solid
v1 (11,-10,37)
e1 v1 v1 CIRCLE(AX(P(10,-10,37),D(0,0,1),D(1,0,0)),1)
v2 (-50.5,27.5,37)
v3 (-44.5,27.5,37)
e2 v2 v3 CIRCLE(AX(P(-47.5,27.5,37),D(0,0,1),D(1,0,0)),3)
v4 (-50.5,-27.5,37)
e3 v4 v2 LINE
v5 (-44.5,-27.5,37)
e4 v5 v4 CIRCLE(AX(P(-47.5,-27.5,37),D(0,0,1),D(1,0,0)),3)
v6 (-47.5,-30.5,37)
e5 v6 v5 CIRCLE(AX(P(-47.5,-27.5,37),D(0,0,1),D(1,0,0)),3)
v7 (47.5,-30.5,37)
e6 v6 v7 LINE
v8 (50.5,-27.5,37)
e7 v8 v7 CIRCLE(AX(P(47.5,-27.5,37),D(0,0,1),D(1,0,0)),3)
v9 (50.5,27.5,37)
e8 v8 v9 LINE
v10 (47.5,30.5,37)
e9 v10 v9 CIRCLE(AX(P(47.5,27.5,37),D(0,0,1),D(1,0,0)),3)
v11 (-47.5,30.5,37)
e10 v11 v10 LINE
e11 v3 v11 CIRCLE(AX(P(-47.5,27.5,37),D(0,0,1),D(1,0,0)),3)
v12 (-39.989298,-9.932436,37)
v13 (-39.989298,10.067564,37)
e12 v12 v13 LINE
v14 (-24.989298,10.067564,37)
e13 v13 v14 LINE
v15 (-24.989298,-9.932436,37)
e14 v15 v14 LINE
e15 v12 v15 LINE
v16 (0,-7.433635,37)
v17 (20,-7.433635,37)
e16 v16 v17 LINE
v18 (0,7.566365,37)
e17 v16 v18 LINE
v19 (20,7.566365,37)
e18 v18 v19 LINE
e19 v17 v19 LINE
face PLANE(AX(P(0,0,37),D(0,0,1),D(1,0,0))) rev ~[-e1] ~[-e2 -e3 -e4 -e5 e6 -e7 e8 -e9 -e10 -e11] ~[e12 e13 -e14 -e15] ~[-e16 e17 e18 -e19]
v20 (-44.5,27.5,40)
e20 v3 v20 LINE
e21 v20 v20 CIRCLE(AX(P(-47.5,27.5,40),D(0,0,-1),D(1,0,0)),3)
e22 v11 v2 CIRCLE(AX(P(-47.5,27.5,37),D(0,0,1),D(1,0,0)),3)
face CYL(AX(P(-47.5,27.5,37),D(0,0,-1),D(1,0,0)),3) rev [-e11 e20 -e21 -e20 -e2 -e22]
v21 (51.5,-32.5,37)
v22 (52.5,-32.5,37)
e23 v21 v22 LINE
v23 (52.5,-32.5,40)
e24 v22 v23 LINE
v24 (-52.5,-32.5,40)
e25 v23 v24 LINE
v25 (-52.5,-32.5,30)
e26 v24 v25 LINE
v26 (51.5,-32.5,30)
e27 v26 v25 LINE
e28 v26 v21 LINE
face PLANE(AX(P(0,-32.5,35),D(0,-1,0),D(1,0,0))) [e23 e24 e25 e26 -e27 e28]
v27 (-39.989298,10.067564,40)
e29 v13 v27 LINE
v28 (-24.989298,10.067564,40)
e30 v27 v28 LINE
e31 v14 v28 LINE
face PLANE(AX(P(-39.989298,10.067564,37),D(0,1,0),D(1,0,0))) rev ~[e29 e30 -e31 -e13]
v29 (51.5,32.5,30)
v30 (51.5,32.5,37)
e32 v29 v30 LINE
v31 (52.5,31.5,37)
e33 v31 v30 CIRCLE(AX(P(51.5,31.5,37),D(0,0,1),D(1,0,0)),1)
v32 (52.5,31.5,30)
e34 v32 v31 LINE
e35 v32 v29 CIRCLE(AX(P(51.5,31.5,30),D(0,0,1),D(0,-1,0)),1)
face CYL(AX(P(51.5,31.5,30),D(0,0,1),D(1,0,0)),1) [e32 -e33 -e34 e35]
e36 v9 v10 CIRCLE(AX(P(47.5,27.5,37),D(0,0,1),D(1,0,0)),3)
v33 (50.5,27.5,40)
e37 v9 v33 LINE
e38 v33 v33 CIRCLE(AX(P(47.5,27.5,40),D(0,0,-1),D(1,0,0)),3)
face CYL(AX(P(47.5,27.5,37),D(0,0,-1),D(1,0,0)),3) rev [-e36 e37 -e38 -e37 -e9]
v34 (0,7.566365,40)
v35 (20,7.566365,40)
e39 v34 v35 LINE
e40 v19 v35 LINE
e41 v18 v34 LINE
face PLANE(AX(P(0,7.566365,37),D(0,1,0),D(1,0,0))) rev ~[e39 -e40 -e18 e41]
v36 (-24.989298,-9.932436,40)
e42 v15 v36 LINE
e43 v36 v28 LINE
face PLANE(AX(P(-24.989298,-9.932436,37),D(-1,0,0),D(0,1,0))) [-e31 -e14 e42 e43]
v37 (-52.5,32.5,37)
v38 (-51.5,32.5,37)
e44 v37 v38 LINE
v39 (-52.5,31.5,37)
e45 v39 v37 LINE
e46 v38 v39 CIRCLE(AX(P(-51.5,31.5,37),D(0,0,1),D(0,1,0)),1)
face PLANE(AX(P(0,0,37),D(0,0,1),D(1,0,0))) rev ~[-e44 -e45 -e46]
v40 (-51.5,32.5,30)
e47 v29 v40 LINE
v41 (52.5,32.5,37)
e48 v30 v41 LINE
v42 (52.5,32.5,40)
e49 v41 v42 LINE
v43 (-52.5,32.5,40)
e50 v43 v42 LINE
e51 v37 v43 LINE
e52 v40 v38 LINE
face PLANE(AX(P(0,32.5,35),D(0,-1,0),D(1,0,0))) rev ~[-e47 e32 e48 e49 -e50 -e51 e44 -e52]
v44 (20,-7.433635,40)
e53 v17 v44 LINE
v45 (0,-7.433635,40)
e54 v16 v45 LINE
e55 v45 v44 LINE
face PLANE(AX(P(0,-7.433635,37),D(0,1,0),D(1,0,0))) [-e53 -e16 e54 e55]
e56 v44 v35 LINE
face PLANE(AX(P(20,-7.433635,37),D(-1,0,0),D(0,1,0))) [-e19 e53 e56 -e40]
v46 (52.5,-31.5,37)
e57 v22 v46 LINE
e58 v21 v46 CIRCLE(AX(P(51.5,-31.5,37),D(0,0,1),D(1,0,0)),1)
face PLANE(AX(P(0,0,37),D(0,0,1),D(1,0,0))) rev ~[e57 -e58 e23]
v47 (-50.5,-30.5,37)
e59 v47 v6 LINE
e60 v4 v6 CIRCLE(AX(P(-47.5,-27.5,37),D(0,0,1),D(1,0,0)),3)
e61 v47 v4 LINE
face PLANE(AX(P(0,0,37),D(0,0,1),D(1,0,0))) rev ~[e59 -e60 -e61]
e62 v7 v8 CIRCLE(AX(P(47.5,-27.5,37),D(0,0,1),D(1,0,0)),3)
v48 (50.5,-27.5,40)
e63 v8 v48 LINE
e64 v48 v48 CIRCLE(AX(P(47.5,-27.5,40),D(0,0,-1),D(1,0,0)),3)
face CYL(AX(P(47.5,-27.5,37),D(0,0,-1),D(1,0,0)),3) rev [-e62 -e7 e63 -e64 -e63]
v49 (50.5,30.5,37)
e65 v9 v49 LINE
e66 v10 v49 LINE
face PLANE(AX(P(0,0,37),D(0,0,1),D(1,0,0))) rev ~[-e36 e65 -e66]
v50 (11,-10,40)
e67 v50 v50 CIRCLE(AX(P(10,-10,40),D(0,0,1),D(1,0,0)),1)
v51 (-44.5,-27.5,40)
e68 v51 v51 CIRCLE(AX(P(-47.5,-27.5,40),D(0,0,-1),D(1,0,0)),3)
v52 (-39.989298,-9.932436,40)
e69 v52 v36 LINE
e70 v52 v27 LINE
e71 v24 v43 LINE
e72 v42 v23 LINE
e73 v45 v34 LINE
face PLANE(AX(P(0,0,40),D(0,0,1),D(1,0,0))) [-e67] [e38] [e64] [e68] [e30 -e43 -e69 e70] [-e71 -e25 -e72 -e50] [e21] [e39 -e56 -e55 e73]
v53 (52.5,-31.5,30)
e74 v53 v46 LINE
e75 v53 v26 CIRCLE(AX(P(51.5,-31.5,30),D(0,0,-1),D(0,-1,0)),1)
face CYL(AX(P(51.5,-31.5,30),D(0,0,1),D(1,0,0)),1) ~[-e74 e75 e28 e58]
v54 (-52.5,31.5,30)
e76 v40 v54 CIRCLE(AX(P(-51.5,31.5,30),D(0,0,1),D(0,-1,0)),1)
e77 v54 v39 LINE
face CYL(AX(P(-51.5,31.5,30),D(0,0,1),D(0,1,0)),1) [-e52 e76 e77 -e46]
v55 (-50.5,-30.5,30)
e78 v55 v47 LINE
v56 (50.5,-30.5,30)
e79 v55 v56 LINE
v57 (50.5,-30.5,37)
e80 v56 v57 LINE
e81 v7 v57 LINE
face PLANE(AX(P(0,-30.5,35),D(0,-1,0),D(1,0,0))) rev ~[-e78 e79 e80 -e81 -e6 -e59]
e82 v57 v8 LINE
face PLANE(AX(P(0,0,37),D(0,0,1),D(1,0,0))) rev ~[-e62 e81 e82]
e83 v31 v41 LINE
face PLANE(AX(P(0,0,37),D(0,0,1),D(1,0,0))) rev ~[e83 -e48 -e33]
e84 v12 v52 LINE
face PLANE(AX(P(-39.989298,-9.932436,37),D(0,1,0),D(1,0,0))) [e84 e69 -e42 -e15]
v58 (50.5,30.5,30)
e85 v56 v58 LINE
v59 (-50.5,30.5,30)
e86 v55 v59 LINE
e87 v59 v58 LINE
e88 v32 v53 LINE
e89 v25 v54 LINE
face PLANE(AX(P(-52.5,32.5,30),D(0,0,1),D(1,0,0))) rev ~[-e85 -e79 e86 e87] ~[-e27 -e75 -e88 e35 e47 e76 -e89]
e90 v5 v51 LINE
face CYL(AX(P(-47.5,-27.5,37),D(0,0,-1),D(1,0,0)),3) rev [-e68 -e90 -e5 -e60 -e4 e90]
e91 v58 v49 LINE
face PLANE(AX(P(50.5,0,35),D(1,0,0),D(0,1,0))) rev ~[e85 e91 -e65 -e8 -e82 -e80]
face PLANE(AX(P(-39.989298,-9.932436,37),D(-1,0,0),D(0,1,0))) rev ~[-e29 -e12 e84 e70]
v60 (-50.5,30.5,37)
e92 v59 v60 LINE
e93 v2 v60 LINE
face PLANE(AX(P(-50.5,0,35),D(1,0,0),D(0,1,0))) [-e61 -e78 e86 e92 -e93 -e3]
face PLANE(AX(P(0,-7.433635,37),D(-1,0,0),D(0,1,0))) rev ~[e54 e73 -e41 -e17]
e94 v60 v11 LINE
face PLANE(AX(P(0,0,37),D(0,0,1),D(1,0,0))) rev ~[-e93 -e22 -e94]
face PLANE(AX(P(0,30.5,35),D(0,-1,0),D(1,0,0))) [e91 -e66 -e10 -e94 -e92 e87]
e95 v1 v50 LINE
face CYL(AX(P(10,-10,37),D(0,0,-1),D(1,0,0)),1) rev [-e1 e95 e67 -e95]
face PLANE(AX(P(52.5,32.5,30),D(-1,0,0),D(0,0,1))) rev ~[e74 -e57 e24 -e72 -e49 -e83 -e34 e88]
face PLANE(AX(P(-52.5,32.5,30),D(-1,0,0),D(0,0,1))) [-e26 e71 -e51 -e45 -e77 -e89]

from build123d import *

# Parameters (mm, degrees)
SKETCH007_W   = 105
SKETCH007_H   = 10
PAD006_DEPTH  = 2
FILLET006_R   = 1
SKETCH008_W   = 105
SKETCH008_H   = 10
PAD007_DEPTH  = 2
FILLET012_R   = 1
FILLET014_R   = 1
FILLET023_R   = 1
SKETCH009_W   = 65
SKETCH009_H   = 10
PAD008_DEPTH  = 2
FILLET013_R   = 1
FILLET020_R   = 1
FILLET027_R   = 1
SKETCH010_W   = 65
SKETCH010_H   = 10
PAD009_DEPTH  = 2
FILLET007_R   = 1
FILLET011_R   = 1
FILLET025_R   = 1
SKETCH006_W   = 105
SKETCH006_H   = 65
SKETCH006_R   = 3
SKETCH006_R_2 = 1
SKETCH006_W_2 = 15
SKETCH006_H_2 = 20
SKETCH006_W_3 = 20
SKETCH006_H_3 = 15
PAD005_DEPTH  = 3


with BuildPart() as body006:
    # Sketch007 → Pad006 (new body)
    with BuildSketch(Plane.XZ):
        with Locations((0, 5)):
            Rectangle(SKETCH007_W, SKETCH007_H)
    extrude(amount=PAD006_DEPTH)

    # Fillet006
    fillet006_edges = [body006.edges().sort_by_distance(p)[0] for p in [
        (52.5, -2, 5),
    ]]
    fillet(fillet006_edges, radius=FILLET006_R)


with BuildPart() as body006_1:
    # Body006 placement: moved
    add(body006.part.moved(Location((0, -30.5, 36))))


with BuildPart() as body007:
    # Sketch008 → Pad007 (new body)
    with BuildSketch(Plane.XZ):
        with Locations((0, 5)):
            Rectangle(SKETCH008_W, SKETCH008_H)
    extrude(amount=PAD007_DEPTH)

    # Fillet012
    fillet012_edges = [body007.edges().sort_by_distance(p)[0] for p in [
        (52.5, 0, 5),
    ]]
    fillet(fillet012_edges, radius=FILLET012_R)

    # Fillet014
    fillet014_edges = [body007.edges().sort_by_distance(p)[0] for p in [
        (-52.5, 0, 5),
    ]]
    fillet(fillet014_edges, radius=FILLET014_R)

    # Fillet023
    fillet023_edges = [body007.edges().sort_by_distance(p)[0] for p in [
        (0, 0, 10),
    ]]
    fillet(fillet023_edges, radius=FILLET023_R)


with BuildPart() as body007_1:
    # Body007 placement: moved
    add(body007.part.moved(Location((0, 32.5, 36))))


with BuildPart() as body008:
    # Sketch009 → Pad008 (new body)
    with BuildSketch(Plane.YZ):
        with Locations((0, 5)):
            Rectangle(SKETCH009_W, SKETCH009_H)
    extrude(amount=PAD008_DEPTH)

    # Fillet013
    fillet013_edges = [body008.edges().sort_by_distance(p)[0] for p in [
        (0, 32.5, 5),
    ]]
    fillet(fillet013_edges, radius=FILLET013_R)

    # Fillet020
    fillet020_edges = [body008.edges().sort_by_distance(p)[0] for p in [
        (0, -32.5, 5),
    ]]
    fillet(fillet020_edges, radius=FILLET020_R)

    # Fillet027
    fillet027_edges = [body008.edges().sort_by_distance(p)[0] for p in [
        (0, 0, 10),
    ]]
    fillet(fillet027_edges, radius=FILLET027_R)


with BuildPart() as body008_1:
    # Body008 placement: moved
    add(body008.part.moved(Location((-52.5, 0, 36))))


with BuildPart() as body009:
    # Sketch010 → Pad009 (new body)
    with BuildSketch(Plane.YZ):
        with Locations((0, 5)):
            Rectangle(SKETCH010_W, SKETCH010_H)
    extrude(amount=PAD009_DEPTH)

    # Fillet007
    fillet007_edges = [body009.edges().sort_by_distance(p)[0] for p in [
        (2, -32.5, 5),
    ]]
    fillet(fillet007_edges, radius=FILLET007_R)

    # Fillet011
    fillet011_edges = [body009.edges().sort_by_distance(p)[0] for p in [
        (2, 32.5, 5),
    ]]
    fillet(fillet011_edges, radius=FILLET011_R)

    # Fillet025
    fillet025_edges = [body009.edges().sort_by_distance(p)[0] for p in [
        (2, 0, 10),
    ]]
    fillet(fillet025_edges, radius=FILLET025_R)


with BuildPart() as body009_1:
    # Body009 placement: moved
    add(body009.part.moved(Location((50.5, 0, 36))))


with BuildPart() as fusion:
    # Sketch006 → Pad005 (new body)
    with BuildSketch(Plane.XY):
        Rectangle(SKETCH006_W, SKETCH006_H)
        with Locations((-47.5, 27.5)):
            Circle(SKETCH006_R, mode=Mode.SUBTRACT)
        with Locations((47.5, 27.5)):
            Circle(SKETCH006_R, mode=Mode.SUBTRACT)
        with Locations((-47.5, -27.5)):
            Circle(SKETCH006_R, mode=Mode.SUBTRACT)
        with Locations((47.5, -27.5)):
            Circle(SKETCH006_R, mode=Mode.SUBTRACT)
        with Locations((10, -10)):
            Circle(SKETCH006_R_2, mode=Mode.SUBTRACT)
        with Locations((-32.489298, 0.067564)):
            Rectangle(SKETCH006_W_2, SKETCH006_H_2, mode=Mode.SUBTRACT)
        with Locations((10, 0.066365)):
            Rectangle(SKETCH006_W_3, SKETCH006_H_3, mode=Mode.SUBTRACT)
    extrude(amount=PAD005_DEPTH)


with BuildPart() as fusion_1:
    # Body005 placement: moved
    add(fusion.part.moved(Location((0, 0, 43))))

    # Fusion: union Body006, Body007, Body008, Body009
    add(body006_1.part)
    add(body007_1.part)
    add(body008_1.part)
    add(body009_1.part)


with BuildPart() as fusion_2:
    # Fusion placement: moved
    add(fusion_1.part.moved(Location((0, 0, -6))))


solid = fusion_2.part
